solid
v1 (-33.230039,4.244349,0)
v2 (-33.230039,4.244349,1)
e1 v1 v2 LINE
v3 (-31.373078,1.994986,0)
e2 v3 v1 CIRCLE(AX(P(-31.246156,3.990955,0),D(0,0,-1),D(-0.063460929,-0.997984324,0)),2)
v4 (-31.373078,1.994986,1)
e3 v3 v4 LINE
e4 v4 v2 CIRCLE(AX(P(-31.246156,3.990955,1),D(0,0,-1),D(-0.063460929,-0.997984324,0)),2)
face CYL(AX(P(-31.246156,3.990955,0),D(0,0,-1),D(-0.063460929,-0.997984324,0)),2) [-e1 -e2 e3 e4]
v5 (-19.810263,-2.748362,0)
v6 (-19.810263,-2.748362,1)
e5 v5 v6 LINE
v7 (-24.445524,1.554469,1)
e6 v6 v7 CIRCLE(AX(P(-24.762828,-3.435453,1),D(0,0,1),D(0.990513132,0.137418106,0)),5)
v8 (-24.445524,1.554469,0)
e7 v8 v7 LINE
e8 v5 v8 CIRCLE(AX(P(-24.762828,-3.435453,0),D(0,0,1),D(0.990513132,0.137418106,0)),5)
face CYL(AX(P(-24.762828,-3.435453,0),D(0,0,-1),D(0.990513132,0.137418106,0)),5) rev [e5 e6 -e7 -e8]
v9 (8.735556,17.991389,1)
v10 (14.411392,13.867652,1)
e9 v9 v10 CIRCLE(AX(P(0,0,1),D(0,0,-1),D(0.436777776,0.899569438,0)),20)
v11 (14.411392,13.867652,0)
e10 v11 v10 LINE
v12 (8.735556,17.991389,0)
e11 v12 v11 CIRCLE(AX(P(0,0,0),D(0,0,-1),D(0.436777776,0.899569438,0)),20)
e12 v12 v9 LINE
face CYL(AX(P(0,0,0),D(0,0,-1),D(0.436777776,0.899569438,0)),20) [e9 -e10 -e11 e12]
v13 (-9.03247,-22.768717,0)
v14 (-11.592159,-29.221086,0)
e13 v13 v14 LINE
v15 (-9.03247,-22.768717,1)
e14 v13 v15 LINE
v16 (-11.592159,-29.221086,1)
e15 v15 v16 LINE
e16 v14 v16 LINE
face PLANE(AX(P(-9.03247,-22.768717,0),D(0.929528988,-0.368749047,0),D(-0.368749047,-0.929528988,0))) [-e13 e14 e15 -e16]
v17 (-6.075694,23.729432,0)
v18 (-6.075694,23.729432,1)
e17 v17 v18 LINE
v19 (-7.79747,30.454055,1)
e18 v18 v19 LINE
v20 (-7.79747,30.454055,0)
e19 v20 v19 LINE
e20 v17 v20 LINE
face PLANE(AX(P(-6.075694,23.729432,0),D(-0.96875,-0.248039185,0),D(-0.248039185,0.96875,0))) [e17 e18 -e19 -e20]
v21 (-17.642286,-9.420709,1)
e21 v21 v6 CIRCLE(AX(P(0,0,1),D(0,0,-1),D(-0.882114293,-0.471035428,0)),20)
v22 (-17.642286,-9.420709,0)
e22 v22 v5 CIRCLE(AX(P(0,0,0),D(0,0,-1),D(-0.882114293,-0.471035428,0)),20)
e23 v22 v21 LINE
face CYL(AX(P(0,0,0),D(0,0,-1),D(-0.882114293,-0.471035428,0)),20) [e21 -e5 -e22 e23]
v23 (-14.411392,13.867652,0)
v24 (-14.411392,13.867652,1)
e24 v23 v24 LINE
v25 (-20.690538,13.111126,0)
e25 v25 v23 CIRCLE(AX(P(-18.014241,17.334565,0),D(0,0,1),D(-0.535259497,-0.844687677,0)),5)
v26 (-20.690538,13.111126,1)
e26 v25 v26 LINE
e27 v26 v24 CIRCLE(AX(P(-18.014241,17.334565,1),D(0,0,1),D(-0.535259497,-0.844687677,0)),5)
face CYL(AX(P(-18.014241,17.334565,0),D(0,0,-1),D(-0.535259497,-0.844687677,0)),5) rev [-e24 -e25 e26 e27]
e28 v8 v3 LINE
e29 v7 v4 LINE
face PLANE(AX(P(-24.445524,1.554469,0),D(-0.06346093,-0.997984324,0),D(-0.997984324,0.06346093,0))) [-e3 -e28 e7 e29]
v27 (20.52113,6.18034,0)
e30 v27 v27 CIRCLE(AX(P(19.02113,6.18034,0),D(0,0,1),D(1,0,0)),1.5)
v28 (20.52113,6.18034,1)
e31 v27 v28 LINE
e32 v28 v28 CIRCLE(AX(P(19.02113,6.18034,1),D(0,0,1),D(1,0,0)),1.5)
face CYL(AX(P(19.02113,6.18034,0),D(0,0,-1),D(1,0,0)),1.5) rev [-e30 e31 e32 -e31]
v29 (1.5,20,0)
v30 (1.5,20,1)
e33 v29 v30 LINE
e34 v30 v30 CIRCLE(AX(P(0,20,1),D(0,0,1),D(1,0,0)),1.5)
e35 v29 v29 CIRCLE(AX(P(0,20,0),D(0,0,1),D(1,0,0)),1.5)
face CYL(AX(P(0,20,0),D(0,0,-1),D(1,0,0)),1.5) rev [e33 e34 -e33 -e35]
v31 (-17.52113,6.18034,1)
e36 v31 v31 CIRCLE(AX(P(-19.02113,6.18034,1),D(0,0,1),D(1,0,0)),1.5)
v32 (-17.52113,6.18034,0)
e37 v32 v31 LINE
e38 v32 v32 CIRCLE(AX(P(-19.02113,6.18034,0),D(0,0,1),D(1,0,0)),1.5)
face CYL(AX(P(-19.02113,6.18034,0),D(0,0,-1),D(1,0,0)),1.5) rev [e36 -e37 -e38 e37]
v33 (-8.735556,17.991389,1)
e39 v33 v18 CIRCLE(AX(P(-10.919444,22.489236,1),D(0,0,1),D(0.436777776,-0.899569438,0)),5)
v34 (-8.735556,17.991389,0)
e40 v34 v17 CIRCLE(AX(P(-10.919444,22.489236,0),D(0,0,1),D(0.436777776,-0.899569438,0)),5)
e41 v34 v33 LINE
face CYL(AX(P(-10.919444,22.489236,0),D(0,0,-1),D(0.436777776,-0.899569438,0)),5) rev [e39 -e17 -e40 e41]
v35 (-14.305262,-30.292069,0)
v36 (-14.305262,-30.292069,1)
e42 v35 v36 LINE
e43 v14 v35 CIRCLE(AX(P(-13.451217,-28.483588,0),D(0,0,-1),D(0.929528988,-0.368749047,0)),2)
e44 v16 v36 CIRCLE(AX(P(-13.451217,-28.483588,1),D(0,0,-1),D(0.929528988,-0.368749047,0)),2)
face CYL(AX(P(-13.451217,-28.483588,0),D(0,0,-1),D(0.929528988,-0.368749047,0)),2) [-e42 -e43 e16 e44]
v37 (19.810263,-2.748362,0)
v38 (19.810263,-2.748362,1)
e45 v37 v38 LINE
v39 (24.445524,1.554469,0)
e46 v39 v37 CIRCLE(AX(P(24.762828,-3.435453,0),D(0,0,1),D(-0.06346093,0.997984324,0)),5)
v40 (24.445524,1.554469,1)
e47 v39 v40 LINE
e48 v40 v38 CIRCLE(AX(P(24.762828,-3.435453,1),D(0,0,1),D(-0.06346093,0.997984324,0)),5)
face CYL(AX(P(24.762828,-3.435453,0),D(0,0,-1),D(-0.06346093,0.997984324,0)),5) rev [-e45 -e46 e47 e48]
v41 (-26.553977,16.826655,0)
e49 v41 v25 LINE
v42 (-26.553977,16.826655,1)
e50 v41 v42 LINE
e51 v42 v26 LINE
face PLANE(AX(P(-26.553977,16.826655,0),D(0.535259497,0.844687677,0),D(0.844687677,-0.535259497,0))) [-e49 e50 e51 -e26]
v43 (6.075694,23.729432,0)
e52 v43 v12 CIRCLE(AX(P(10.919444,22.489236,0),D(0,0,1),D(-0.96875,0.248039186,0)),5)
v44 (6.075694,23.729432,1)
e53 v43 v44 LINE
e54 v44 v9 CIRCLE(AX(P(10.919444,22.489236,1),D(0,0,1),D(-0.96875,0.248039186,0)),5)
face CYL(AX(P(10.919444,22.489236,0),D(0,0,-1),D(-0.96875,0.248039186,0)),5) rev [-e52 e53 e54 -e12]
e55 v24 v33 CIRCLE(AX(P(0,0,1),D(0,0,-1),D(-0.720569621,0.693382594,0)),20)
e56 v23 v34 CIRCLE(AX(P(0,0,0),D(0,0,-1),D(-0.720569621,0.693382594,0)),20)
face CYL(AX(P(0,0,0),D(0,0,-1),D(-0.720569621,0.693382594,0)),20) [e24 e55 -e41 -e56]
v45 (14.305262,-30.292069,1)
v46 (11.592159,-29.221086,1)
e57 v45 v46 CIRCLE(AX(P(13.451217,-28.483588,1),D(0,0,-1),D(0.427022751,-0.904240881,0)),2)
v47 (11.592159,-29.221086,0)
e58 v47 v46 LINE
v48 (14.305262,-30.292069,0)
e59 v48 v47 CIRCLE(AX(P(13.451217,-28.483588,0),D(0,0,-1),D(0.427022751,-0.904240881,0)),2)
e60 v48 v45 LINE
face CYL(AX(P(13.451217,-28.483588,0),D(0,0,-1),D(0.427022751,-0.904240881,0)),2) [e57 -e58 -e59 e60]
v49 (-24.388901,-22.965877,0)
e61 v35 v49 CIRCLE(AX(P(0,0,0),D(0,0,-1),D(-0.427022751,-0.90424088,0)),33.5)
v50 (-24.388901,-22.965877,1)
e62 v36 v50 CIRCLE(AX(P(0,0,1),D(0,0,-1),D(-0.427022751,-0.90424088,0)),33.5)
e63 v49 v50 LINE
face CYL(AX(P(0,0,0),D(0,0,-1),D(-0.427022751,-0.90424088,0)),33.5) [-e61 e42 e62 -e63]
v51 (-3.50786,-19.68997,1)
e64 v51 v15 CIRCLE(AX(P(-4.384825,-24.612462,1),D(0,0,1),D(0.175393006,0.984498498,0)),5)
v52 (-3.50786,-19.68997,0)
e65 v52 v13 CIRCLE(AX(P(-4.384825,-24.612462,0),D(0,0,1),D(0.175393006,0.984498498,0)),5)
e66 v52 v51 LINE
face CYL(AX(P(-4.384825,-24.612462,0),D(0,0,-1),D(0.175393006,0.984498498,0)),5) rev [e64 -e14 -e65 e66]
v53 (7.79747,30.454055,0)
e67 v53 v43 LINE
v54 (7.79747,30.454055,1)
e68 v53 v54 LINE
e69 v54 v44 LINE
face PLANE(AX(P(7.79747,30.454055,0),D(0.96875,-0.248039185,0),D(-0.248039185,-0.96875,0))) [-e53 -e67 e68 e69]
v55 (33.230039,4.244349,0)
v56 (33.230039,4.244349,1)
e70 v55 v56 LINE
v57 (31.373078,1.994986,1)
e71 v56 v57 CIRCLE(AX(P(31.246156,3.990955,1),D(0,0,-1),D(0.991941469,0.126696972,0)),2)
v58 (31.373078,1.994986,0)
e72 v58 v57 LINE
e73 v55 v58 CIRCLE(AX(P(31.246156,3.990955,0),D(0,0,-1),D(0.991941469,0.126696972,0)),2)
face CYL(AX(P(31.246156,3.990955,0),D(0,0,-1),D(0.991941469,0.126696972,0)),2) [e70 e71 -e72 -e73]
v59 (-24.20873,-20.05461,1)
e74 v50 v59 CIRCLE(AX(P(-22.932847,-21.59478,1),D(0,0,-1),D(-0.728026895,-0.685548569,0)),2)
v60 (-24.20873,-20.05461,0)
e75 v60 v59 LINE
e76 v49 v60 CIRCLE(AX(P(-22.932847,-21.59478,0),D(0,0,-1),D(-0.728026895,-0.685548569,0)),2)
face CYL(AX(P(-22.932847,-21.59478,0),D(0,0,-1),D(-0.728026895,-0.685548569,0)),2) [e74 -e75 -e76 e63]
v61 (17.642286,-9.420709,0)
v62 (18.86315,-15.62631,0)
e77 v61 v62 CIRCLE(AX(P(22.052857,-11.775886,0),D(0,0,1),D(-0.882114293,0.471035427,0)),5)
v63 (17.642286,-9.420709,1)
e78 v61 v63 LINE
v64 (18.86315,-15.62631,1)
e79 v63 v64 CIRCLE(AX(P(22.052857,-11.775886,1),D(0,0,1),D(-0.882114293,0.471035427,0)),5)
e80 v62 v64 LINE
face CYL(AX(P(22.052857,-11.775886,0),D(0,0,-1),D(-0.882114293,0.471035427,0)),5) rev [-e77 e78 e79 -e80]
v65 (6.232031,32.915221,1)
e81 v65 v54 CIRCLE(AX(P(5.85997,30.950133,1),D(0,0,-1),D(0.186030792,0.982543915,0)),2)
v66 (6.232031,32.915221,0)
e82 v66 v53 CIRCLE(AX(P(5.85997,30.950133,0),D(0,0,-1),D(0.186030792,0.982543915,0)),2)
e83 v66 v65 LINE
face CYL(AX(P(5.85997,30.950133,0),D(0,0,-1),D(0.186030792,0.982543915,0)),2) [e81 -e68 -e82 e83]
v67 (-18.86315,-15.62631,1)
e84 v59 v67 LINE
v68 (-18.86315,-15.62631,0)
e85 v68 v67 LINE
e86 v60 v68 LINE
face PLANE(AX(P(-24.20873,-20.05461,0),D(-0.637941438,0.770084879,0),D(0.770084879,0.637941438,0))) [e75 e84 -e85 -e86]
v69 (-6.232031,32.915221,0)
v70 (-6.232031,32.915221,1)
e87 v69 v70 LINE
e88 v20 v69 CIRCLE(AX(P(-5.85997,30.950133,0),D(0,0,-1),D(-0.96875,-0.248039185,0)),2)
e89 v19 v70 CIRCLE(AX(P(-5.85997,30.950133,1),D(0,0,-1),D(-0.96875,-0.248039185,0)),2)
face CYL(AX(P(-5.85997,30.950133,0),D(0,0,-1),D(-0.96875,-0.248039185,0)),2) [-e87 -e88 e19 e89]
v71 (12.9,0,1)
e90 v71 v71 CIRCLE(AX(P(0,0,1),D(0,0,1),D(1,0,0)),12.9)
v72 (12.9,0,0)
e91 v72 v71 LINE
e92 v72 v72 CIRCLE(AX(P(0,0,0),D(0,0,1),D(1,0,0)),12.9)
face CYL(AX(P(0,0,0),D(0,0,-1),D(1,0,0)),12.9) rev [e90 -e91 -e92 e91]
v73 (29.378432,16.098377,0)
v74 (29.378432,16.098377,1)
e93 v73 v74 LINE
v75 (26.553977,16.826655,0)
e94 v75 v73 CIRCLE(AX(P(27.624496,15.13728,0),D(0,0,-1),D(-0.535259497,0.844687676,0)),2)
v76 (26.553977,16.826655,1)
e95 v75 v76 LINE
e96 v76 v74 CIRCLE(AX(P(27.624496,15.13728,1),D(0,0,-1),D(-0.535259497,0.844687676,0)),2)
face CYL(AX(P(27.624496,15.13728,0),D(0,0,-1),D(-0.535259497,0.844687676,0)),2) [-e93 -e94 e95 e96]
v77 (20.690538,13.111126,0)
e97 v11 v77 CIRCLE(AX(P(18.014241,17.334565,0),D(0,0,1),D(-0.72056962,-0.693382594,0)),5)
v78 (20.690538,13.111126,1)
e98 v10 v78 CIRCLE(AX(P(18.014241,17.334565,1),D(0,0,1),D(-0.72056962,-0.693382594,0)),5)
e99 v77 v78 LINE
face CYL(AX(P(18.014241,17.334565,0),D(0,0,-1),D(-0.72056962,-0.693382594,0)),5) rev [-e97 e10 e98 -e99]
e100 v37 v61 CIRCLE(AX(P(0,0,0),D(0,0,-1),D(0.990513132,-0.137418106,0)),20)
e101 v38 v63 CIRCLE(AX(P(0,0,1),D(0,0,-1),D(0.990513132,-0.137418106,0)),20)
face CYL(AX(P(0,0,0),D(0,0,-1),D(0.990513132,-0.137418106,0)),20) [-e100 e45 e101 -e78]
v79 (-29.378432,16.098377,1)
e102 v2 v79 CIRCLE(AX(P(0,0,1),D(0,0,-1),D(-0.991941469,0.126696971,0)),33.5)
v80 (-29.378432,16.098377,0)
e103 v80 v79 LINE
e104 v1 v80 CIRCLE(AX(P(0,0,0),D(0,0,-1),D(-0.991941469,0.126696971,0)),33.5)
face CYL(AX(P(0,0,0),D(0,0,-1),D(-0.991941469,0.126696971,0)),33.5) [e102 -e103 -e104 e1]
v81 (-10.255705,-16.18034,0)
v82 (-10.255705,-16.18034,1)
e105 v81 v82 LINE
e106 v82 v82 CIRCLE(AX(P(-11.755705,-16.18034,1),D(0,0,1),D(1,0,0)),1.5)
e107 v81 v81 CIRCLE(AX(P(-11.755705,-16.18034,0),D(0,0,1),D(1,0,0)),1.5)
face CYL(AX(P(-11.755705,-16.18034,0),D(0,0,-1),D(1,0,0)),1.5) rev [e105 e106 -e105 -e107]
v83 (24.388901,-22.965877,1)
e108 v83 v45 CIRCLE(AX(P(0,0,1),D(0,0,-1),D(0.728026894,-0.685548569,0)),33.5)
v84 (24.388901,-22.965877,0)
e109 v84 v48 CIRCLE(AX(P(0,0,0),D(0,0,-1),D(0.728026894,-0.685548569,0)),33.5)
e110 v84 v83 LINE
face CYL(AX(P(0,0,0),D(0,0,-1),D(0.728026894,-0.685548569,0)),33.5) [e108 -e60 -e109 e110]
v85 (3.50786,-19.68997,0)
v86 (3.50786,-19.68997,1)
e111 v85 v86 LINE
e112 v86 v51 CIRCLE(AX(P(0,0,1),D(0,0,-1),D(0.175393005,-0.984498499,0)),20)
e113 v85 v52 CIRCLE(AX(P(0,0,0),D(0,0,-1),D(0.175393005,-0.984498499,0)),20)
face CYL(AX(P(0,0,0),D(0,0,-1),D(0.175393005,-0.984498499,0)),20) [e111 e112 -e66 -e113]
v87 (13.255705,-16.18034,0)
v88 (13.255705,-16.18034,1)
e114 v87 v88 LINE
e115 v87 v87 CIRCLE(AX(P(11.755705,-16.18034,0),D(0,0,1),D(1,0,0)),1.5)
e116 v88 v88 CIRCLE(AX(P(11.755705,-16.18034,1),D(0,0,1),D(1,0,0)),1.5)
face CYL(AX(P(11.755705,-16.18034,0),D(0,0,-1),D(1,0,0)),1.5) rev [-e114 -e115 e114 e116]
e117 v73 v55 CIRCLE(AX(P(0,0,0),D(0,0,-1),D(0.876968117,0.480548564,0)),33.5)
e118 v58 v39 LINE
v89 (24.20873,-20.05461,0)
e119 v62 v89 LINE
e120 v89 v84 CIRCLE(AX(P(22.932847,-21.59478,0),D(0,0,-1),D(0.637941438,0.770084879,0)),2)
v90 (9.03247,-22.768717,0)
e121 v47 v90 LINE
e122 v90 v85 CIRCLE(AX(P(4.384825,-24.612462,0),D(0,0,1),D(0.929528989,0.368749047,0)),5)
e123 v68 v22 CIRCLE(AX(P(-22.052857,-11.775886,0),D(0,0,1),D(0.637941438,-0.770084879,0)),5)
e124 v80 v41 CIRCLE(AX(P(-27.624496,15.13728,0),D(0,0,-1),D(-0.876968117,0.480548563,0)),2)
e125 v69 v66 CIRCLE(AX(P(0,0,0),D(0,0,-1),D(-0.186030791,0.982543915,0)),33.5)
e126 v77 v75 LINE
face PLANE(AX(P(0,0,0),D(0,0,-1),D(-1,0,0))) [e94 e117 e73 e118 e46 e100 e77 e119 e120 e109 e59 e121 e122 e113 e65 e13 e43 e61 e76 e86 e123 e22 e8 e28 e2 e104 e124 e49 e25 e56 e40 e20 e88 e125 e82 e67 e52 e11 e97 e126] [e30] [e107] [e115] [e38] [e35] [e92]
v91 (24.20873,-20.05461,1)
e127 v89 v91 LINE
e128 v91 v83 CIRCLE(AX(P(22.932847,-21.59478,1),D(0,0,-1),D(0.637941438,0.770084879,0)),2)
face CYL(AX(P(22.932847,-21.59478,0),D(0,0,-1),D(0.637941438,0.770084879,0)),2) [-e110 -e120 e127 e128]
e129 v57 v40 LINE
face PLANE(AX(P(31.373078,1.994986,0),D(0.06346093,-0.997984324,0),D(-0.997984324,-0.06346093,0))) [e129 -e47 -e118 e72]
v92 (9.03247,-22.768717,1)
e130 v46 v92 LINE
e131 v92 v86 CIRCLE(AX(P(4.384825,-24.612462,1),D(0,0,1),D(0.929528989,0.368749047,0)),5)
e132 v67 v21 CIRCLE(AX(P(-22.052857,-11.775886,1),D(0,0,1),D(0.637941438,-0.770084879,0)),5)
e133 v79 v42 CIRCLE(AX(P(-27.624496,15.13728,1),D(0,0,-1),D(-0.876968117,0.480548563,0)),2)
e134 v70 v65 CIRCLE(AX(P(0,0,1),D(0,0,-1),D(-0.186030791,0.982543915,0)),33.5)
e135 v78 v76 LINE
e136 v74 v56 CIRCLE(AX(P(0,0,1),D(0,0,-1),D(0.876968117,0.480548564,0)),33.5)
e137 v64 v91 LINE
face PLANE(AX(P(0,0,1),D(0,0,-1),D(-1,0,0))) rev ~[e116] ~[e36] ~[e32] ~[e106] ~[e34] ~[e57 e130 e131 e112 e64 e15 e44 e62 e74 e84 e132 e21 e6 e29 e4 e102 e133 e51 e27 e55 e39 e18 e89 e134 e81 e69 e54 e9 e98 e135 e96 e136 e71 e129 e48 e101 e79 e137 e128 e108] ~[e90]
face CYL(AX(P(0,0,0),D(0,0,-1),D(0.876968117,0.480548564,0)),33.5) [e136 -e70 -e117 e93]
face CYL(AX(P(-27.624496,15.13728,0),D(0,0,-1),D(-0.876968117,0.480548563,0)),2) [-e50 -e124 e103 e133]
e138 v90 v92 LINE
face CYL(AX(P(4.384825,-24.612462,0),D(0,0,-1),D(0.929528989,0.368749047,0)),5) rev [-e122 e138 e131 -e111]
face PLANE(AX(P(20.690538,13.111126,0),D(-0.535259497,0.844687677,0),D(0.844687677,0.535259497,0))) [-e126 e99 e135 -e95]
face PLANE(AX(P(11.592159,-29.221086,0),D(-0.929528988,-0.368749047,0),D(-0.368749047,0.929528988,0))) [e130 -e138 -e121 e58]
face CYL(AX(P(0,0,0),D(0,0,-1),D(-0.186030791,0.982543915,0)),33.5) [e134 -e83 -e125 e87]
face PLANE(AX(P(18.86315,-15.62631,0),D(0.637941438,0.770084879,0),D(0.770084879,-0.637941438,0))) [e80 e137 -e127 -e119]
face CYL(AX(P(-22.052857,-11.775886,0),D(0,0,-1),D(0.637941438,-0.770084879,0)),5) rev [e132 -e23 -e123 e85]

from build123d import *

# Parameters (mm, degrees)
SKETCH_1_R      = 12.9
SKETCH_1_R_2    = 1.5
EXTRUDE_1_DEPTH = 1


with BuildPart() as part:
    # 草图1 → 凸台-拉伸1 (new body)
    with BuildSketch(Plane.XY):
        with BuildLine():
            Line((-24.208730048, -20.05461018), (-18.863150132, -15.626310092))
            ThreePointArc((-18.863150132, -15.626310092), (-17.146898547, -12.74106365), (-17.642285858, -9.420708556))
            ThreePointArc((-17.642285858, -9.420708556), (-19.021130326, -6.180339887), (-19.810262634, -2.748362124))
            ThreePointArc((-19.810262634, -2.748362124), (-21.361141637, 0.229042931), (-24.445523644, 1.554468964))
            Line((-24.445523644, 1.554468964), (-31.373078125, 1.994985952))
            ThreePointArc((-31.373078125, 1.994985952), (-32.788486399, 2.717684101), (-33.230039203, 4.244348542))
            ThreePointArc((-33.230039203, 4.244348542), (-31.860393296, 10.352069312), (-29.378431918, 16.098376876))
            ThreePointArc((-29.378431918, 16.098376876), (-28.123857351, 17.073936127), (-26.55397669, 16.826655102))
            Line((-26.55397669, 16.826655102), (-20.690537997, 13.111126473))
            ThreePointArc((-20.690537997, 13.111126473), (-17.41615466, 12.370464403), (-14.41139241, 13.867651885))
            ThreePointArc((-14.41139241, 13.867651885), (-11.755705046, 16.180339888), (-8.735555524, 17.991388765))
            ThreePointArc((-8.735555524, 17.991388765), (-6.383123013, 20.386431107), (-6.075694405, 23.729431883))
            Line((-6.075694405, 23.729431883), (-7.797469917, 30.45405495))
            ThreePointArc((-7.797469917, 30.45405495), (-7.547528343, 32.023514221), (-6.232031499, 32.915221151))
            ThreePointArc((-6.232031499, 32.915221151), (0, 33.5), (6.232031499, 32.915221151))
            ThreePointArc((6.232031499, 32.915221151), (7.547528343, 32.023514221), (7.797469917, 30.45405495))
            Line((7.797469917, 30.45405495), (6.075694405, 23.729431883))
            ThreePointArc((6.075694405, 23.729431883), (6.383123013, 20.386431107), (8.735555524, 17.991388765))
            ThreePointArc((8.735555524, 17.991388765), (11.755705046, 16.180339887), (14.41139241, 13.867651885))
            ThreePointArc((14.41139241, 13.867651885), (17.41615466, 12.370464403), (20.690537997, 13.111126473))
            Line((20.690537997, 13.111126473), (26.55397669, 16.826655102))
            ThreePointArc((26.55397669, 16.826655102), (28.123857351, 17.073936127), (29.378431918, 16.098376876))
            ThreePointArc((29.378431918, 16.098376876), (31.860393296, 10.352069312), (33.230039203, 4.244348542))
            ThreePointArc((33.230039203, 4.244348542), (32.788486399, 2.717684101), (31.373078125, 1.994985952))
            Line((31.373078125, 1.994985952), (24.445523644, 1.554468964))
            ThreePointArc((24.445523644, 1.554468964), (21.361141637, 0.229042931), (19.810262634, -2.748362124))
            ThreePointArc((19.810262634, -2.748362124), (19.021130326, -6.180339888), (17.642285858, -9.420708556))
            ThreePointArc((17.642285858, -9.420708556), (17.146898547, -12.74106365), (18.863150132, -15.626310092))
            Line((18.863150132, -15.626310092), (24.208730048, -20.05461018))
            ThreePointArc((24.208730048, -20.05461018), (24.929028081, -21.471241373), (24.388900961, -22.965877077))
            ThreePointArc((24.388900961, -22.965877077), (19.690805952, -27.102069312), (14.305262176, -30.292069492))
            ThreePointArc((14.305262176, -30.292069492), (12.71687069, -30.343893076), (11.592158696, -29.221085825))
            Line((11.592158696, -29.221085825), (9.03247008, -22.768717229))
            ThreePointArc((9.03247008, -22.768717229), (6.818788557, -20.244874791), (3.50786011, -19.689969971))
            ThreePointArc((3.50786011, -19.689969971), (0, -20), (-3.50786011, -19.689969971))
            ThreePointArc((-3.50786011, -19.689969971), (-6.818788557, -20.244874791), (-9.03247008, -22.768717229))
            Line((-9.03247008, -22.768717229), (-11.592158696, -29.221085825))
            ThreePointArc((-11.592158696, -29.221085825), (-12.71687069, -30.343893076), (-14.305262176, -30.292069492))
            ThreePointArc((-14.305262176, -30.292069492), (-19.690805952, -27.102069312), (-24.388900961, -22.965877077))
            ThreePointArc((-24.388900961, -22.965877077), (-24.929028081, -21.471241373), (-24.208730048, -20.05461018))
        make_face()
        Circle(SKETCH_1_R, mode=Mode.SUBTRACT)
        with Locations((-11.755705046, -16.180339887)):
            Circle(SKETCH_1_R_2, mode=Mode.SUBTRACT)
        with Locations((-19.021130326, 6.180339888)):
            Circle(SKETCH_1_R_2, mode=Mode.SUBTRACT)
        with Locations((0, 20)):
            Circle(SKETCH_1_R_2, mode=Mode.SUBTRACT)
        with Locations((19.021130326, 6.180339887)):
            Circle(SKETCH_1_R_2, mode=Mode.SUBTRACT)
        with Locations((11.755705046, -16.180339888)):
            Circle(SKETCH_1_R_2, mode=Mode.SUBTRACT)
    extrude(amount=EXTRUDE_1_DEPTH)


solid = part.part
